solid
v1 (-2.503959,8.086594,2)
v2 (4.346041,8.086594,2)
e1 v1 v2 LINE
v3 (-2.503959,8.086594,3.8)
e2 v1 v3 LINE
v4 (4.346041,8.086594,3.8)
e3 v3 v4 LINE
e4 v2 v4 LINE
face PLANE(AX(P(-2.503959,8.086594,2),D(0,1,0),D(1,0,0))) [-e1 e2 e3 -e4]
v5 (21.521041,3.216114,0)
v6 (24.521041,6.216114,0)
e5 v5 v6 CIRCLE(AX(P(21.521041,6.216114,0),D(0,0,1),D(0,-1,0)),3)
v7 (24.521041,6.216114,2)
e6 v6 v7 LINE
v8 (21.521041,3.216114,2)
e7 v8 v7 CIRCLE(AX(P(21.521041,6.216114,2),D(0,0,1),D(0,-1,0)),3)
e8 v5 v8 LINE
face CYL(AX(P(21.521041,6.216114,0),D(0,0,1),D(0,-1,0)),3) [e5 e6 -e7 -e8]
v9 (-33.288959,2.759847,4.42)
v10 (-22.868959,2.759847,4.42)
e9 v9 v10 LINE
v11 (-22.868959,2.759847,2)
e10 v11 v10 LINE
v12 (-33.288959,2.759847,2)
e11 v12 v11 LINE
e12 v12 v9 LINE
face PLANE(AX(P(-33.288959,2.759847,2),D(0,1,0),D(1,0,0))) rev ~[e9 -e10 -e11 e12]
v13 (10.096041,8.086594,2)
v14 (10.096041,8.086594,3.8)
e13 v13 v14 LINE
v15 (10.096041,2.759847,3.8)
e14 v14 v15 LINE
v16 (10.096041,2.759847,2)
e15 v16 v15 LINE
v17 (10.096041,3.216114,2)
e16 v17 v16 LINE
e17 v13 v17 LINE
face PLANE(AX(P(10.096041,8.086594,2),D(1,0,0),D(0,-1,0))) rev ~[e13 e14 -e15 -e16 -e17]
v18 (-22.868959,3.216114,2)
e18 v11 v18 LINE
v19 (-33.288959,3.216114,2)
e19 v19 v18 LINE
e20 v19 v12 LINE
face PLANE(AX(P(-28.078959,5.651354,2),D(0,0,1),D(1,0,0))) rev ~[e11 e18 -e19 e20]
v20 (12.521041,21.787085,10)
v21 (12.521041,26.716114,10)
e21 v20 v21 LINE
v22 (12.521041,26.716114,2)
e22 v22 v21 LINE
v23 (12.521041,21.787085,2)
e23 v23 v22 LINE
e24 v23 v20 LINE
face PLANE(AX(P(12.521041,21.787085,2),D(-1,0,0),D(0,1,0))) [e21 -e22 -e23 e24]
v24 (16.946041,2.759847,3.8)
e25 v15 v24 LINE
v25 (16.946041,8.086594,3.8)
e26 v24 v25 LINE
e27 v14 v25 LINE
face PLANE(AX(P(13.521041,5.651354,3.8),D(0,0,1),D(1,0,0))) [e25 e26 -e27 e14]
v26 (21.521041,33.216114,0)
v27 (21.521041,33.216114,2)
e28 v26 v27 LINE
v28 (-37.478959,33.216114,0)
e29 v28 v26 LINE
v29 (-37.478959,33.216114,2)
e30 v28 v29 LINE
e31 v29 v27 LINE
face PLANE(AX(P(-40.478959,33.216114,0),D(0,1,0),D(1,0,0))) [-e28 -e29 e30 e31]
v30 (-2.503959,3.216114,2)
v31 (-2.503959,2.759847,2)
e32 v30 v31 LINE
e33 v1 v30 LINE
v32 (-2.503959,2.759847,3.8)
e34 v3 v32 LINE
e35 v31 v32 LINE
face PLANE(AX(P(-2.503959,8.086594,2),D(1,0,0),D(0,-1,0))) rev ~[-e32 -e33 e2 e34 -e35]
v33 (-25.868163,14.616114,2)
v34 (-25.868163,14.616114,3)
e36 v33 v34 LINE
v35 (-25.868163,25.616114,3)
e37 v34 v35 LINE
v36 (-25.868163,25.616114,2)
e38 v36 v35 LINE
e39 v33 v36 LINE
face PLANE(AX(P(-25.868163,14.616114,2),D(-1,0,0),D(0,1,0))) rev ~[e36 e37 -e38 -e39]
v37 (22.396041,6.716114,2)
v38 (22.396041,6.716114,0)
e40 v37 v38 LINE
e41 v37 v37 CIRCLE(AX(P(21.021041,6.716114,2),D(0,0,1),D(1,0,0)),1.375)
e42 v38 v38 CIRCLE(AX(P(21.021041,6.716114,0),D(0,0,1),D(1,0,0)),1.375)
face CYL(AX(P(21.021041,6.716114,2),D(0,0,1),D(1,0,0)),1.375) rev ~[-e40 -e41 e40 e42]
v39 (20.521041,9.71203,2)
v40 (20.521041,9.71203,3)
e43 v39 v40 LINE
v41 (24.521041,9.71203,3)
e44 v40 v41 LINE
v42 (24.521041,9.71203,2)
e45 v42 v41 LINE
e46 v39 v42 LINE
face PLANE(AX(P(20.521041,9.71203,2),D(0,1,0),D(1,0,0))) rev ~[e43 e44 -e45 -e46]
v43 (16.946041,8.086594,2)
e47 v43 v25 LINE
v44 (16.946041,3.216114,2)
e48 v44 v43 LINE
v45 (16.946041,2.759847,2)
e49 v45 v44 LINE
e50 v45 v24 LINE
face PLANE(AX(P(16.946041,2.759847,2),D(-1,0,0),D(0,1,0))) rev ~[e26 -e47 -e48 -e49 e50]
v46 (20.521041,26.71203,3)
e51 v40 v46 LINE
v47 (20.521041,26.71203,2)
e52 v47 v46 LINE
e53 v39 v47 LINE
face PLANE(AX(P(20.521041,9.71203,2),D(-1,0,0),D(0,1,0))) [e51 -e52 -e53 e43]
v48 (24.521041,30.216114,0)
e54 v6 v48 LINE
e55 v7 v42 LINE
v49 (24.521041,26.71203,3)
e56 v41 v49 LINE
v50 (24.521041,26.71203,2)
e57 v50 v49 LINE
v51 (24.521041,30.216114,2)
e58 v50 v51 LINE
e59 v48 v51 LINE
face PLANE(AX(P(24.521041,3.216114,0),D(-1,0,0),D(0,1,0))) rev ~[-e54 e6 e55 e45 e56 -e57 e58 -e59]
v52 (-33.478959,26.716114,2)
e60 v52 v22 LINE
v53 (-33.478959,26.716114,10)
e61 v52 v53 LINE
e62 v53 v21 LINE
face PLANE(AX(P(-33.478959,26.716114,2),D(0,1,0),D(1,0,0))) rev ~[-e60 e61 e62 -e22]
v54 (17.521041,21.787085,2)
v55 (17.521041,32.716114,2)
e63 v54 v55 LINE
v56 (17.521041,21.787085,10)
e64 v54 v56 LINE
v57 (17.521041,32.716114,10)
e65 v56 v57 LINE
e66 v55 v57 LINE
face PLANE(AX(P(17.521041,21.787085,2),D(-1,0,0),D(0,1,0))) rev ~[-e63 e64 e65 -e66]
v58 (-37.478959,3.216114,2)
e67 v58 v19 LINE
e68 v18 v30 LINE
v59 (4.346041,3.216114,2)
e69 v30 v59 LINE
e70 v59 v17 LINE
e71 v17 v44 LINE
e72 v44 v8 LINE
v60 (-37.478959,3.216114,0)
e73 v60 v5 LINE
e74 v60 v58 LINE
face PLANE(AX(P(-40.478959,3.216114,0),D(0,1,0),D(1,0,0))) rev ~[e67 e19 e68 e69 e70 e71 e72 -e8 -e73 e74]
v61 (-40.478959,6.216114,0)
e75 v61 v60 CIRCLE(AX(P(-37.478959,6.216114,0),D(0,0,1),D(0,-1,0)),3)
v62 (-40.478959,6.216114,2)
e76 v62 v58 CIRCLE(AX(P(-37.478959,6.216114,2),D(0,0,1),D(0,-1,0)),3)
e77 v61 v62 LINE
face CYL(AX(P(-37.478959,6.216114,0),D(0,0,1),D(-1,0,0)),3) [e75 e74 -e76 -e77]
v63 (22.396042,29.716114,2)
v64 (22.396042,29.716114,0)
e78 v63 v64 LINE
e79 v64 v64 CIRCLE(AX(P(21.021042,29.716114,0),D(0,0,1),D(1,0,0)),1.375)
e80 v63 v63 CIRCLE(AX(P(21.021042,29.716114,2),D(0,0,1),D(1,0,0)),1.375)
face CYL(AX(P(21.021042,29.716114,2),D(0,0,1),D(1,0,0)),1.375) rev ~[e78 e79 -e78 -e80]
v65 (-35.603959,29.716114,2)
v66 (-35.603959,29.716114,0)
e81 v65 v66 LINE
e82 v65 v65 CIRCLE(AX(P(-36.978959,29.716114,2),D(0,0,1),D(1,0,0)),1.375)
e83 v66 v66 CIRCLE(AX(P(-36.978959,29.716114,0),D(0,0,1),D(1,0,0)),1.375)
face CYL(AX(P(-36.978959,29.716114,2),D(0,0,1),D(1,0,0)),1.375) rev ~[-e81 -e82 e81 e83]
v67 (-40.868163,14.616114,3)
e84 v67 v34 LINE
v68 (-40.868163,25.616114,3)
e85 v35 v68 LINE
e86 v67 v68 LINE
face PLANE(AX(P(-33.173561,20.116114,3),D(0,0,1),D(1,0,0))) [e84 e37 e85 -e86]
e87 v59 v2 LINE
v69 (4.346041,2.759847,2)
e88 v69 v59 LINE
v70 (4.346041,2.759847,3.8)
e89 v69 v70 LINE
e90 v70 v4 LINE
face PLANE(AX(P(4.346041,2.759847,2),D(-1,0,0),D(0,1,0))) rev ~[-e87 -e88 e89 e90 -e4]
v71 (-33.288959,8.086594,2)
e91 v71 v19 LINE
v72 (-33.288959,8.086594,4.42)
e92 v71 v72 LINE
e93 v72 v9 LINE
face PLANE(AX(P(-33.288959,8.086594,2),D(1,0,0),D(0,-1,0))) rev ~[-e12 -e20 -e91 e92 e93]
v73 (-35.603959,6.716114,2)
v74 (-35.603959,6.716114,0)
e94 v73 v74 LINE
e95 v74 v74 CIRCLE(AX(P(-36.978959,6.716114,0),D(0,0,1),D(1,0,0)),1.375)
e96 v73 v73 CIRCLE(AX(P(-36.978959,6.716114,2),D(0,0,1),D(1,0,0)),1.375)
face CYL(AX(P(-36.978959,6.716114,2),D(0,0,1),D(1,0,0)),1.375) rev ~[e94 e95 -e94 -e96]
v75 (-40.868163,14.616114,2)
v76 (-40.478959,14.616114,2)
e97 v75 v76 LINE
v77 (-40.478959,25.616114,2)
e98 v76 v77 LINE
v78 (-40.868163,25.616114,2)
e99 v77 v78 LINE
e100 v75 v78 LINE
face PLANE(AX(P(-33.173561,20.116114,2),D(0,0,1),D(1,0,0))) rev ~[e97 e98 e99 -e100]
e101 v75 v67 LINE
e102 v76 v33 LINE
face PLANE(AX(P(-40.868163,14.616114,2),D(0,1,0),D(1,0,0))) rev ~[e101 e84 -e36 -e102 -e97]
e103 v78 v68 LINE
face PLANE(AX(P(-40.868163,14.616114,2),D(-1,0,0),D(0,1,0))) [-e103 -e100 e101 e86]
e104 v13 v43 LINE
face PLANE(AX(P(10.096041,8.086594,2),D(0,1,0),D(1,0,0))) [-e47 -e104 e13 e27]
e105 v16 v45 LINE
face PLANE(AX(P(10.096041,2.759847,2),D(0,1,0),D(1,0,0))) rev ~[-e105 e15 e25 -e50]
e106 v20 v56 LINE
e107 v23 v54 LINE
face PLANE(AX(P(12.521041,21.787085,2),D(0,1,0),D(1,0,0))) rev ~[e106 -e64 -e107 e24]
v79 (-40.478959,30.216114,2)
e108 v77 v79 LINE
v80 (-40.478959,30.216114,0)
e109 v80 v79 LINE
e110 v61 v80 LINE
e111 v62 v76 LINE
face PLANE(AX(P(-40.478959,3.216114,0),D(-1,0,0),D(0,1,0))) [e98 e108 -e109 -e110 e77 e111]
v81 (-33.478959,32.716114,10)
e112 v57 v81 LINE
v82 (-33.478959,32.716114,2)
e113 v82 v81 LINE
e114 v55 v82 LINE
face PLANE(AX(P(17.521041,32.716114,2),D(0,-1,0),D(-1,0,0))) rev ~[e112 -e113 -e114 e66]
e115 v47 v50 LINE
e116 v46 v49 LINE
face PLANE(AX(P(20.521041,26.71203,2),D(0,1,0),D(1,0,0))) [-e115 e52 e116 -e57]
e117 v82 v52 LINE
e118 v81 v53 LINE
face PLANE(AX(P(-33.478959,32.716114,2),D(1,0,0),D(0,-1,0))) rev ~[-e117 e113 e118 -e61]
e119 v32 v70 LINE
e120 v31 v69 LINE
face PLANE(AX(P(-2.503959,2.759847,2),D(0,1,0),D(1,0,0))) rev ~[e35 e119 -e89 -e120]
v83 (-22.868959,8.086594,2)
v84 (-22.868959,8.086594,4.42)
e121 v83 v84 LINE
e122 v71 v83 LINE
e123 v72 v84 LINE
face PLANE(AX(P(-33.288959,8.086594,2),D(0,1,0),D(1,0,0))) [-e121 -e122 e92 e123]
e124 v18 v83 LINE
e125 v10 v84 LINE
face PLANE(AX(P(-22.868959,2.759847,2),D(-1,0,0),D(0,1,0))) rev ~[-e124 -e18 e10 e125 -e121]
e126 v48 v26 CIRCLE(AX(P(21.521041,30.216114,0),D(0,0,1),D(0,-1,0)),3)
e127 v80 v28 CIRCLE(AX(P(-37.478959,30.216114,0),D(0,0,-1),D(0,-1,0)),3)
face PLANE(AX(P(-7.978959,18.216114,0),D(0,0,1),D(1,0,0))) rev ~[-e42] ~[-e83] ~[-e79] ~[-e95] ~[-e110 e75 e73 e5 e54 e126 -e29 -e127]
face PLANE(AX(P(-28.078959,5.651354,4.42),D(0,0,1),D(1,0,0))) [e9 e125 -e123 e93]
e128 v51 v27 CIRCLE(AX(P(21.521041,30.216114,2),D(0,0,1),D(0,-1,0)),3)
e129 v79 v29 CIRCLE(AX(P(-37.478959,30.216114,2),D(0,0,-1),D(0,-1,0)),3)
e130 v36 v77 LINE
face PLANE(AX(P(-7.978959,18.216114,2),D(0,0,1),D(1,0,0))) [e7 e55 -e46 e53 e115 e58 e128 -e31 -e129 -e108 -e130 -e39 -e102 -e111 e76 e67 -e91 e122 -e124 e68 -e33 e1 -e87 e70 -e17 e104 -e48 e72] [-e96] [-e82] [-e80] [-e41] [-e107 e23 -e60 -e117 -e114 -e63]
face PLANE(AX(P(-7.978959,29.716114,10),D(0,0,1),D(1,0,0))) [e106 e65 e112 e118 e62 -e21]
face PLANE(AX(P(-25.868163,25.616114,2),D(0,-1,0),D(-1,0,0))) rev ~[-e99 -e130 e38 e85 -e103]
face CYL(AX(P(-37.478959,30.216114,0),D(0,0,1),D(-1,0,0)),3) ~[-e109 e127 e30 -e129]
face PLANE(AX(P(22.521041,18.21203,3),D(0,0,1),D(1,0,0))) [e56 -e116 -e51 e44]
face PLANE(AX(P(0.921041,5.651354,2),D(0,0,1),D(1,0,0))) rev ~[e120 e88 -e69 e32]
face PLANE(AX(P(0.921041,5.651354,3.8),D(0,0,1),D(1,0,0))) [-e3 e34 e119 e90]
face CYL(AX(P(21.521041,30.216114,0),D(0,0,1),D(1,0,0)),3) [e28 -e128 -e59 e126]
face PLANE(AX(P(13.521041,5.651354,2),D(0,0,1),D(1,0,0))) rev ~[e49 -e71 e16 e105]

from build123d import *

# Parameters (mm, degrees)
F0_W      = 65
F0_H      = 30
F2_DEPTH  = 2
F3_R      = 3
F4_R      = 1.375
F5_DEPTH  = 2
F8_W      = 10.42
F8_H      = 4.8704799486
F8_H_2    = 0.4562667193
F9_DEPTH  = 2.42
F8_W_2    = 6.85
F10_DEPTH = 1.8
F8_W_3    = 14.6107960276
F8_H_3    = 11
F8_W_4    = 0.3892039724
F11_DEPTH = 1
F8_W_5    = 4
F8_H_4    = 17
F12_DEPTH = 1
F13_W     = 5
F13_H     = 4.9290289432
F15_DEPTH = 8


with BuildPart() as f2:
    # F0 (on Top) → F2 (new body)
    with BuildSketch(Plane.XY):
        with Locations((-7.9789588384, 18.2161135599)):
            Rectangle(F0_W, F0_H)
    extrude(amount=F2_DEPTH)

    # F3
    f3_edges = [f2.edges().sort_by_distance(p)[0] for p in [
        (-40.478959, 33.216114, 1),
        (-40.478959, 3.216114, 1),
        (24.521041, 3.216114, 1),
        (24.521041, 33.216114, 1),
    ]]
    fillet(f3_edges, radius=F3_R)

    # F4 (on face) → F5 (cut)
    with BuildSketch(Plane.XY.offset(2)):
        with Locations((21.0210420191, 29.7161135823)):
            Circle(F4_R)
        with Locations((-36.9789588384, 6.7161135599)):
            Circle(F4_R)
        with Locations((-36.9789588384, 29.7161135823)):
            Circle(F4_R)
        with Locations((21.0210411616, 6.7161135599)):
            Circle(F4_R)
    extrude(amount=-F5_DEPTH, mode=Mode.SUBTRACT)

    # F8 (on face) → F9 (join)
    with BuildSketch(Plane.XY.offset(2)):
        with Locations((-28.0789588384, 5.6513535342)):
            Rectangle(F8_W, F8_H)
        with Locations((-28.0789588384, 2.9879802003)):
            Rectangle(F8_W, F8_H_2)
    extrude(amount=F9_DEPTH)

    # F8 (on face) → F10 (join)
    with BuildSketch(Plane.XY.offset(2)):
        with Locations((0.9210411616, 5.6513535342)):
            Rectangle(F8_W_2, F8_H)
        with Locations((13.5210411616, 5.6513535342)):
            Rectangle(F8_W_2, F8_H)
        with Locations((0.9210411616, 2.9879802003)):
            Rectangle(F8_W_2, F8_H_2)
        with Locations((13.5210411616, 2.9879802003)):
            Rectangle(F8_W_2, F8_H_2)
    extrude(amount=F10_DEPTH)

    # F8 (on face) → F11 (join)
    with BuildSketch(Plane.XY.offset(2)):
        with Locations((-33.1735608246, 20.1161135599)):
            Rectangle(F8_W_3, F8_H_3)
        with Locations((-40.6735608246, 20.1161135599)):
            Rectangle(F8_W_4, F8_H_3)
    extrude(amount=F11_DEPTH)

    # F8 (on face) → F12 (join)
    with BuildSketch(Plane.XY.offset(2)):
        with Locations((22.5210411616, 18.2120301798)):
            Rectangle(F8_W_5, F8_H_4)
    extrude(amount=F12_DEPTH)

    # F13 (on face) → F15 (join)
    with BuildSketch(Plane.XY.offset(2)):
        Polygon((12.5210411616, 26.7161135823), (17.5210411616, 26.7161135823), (17.5210411616, 32.7161135823), (-33.4789588384, 32.7161135823), (-33.4789588384, 26.7161135823), align=None)
        with Locations((15.0210411616, 24.2515991107)):
            Rectangle(F13_W, F13_H)
    extrude(amount=F15_DEPTH)


solid = f2.part
